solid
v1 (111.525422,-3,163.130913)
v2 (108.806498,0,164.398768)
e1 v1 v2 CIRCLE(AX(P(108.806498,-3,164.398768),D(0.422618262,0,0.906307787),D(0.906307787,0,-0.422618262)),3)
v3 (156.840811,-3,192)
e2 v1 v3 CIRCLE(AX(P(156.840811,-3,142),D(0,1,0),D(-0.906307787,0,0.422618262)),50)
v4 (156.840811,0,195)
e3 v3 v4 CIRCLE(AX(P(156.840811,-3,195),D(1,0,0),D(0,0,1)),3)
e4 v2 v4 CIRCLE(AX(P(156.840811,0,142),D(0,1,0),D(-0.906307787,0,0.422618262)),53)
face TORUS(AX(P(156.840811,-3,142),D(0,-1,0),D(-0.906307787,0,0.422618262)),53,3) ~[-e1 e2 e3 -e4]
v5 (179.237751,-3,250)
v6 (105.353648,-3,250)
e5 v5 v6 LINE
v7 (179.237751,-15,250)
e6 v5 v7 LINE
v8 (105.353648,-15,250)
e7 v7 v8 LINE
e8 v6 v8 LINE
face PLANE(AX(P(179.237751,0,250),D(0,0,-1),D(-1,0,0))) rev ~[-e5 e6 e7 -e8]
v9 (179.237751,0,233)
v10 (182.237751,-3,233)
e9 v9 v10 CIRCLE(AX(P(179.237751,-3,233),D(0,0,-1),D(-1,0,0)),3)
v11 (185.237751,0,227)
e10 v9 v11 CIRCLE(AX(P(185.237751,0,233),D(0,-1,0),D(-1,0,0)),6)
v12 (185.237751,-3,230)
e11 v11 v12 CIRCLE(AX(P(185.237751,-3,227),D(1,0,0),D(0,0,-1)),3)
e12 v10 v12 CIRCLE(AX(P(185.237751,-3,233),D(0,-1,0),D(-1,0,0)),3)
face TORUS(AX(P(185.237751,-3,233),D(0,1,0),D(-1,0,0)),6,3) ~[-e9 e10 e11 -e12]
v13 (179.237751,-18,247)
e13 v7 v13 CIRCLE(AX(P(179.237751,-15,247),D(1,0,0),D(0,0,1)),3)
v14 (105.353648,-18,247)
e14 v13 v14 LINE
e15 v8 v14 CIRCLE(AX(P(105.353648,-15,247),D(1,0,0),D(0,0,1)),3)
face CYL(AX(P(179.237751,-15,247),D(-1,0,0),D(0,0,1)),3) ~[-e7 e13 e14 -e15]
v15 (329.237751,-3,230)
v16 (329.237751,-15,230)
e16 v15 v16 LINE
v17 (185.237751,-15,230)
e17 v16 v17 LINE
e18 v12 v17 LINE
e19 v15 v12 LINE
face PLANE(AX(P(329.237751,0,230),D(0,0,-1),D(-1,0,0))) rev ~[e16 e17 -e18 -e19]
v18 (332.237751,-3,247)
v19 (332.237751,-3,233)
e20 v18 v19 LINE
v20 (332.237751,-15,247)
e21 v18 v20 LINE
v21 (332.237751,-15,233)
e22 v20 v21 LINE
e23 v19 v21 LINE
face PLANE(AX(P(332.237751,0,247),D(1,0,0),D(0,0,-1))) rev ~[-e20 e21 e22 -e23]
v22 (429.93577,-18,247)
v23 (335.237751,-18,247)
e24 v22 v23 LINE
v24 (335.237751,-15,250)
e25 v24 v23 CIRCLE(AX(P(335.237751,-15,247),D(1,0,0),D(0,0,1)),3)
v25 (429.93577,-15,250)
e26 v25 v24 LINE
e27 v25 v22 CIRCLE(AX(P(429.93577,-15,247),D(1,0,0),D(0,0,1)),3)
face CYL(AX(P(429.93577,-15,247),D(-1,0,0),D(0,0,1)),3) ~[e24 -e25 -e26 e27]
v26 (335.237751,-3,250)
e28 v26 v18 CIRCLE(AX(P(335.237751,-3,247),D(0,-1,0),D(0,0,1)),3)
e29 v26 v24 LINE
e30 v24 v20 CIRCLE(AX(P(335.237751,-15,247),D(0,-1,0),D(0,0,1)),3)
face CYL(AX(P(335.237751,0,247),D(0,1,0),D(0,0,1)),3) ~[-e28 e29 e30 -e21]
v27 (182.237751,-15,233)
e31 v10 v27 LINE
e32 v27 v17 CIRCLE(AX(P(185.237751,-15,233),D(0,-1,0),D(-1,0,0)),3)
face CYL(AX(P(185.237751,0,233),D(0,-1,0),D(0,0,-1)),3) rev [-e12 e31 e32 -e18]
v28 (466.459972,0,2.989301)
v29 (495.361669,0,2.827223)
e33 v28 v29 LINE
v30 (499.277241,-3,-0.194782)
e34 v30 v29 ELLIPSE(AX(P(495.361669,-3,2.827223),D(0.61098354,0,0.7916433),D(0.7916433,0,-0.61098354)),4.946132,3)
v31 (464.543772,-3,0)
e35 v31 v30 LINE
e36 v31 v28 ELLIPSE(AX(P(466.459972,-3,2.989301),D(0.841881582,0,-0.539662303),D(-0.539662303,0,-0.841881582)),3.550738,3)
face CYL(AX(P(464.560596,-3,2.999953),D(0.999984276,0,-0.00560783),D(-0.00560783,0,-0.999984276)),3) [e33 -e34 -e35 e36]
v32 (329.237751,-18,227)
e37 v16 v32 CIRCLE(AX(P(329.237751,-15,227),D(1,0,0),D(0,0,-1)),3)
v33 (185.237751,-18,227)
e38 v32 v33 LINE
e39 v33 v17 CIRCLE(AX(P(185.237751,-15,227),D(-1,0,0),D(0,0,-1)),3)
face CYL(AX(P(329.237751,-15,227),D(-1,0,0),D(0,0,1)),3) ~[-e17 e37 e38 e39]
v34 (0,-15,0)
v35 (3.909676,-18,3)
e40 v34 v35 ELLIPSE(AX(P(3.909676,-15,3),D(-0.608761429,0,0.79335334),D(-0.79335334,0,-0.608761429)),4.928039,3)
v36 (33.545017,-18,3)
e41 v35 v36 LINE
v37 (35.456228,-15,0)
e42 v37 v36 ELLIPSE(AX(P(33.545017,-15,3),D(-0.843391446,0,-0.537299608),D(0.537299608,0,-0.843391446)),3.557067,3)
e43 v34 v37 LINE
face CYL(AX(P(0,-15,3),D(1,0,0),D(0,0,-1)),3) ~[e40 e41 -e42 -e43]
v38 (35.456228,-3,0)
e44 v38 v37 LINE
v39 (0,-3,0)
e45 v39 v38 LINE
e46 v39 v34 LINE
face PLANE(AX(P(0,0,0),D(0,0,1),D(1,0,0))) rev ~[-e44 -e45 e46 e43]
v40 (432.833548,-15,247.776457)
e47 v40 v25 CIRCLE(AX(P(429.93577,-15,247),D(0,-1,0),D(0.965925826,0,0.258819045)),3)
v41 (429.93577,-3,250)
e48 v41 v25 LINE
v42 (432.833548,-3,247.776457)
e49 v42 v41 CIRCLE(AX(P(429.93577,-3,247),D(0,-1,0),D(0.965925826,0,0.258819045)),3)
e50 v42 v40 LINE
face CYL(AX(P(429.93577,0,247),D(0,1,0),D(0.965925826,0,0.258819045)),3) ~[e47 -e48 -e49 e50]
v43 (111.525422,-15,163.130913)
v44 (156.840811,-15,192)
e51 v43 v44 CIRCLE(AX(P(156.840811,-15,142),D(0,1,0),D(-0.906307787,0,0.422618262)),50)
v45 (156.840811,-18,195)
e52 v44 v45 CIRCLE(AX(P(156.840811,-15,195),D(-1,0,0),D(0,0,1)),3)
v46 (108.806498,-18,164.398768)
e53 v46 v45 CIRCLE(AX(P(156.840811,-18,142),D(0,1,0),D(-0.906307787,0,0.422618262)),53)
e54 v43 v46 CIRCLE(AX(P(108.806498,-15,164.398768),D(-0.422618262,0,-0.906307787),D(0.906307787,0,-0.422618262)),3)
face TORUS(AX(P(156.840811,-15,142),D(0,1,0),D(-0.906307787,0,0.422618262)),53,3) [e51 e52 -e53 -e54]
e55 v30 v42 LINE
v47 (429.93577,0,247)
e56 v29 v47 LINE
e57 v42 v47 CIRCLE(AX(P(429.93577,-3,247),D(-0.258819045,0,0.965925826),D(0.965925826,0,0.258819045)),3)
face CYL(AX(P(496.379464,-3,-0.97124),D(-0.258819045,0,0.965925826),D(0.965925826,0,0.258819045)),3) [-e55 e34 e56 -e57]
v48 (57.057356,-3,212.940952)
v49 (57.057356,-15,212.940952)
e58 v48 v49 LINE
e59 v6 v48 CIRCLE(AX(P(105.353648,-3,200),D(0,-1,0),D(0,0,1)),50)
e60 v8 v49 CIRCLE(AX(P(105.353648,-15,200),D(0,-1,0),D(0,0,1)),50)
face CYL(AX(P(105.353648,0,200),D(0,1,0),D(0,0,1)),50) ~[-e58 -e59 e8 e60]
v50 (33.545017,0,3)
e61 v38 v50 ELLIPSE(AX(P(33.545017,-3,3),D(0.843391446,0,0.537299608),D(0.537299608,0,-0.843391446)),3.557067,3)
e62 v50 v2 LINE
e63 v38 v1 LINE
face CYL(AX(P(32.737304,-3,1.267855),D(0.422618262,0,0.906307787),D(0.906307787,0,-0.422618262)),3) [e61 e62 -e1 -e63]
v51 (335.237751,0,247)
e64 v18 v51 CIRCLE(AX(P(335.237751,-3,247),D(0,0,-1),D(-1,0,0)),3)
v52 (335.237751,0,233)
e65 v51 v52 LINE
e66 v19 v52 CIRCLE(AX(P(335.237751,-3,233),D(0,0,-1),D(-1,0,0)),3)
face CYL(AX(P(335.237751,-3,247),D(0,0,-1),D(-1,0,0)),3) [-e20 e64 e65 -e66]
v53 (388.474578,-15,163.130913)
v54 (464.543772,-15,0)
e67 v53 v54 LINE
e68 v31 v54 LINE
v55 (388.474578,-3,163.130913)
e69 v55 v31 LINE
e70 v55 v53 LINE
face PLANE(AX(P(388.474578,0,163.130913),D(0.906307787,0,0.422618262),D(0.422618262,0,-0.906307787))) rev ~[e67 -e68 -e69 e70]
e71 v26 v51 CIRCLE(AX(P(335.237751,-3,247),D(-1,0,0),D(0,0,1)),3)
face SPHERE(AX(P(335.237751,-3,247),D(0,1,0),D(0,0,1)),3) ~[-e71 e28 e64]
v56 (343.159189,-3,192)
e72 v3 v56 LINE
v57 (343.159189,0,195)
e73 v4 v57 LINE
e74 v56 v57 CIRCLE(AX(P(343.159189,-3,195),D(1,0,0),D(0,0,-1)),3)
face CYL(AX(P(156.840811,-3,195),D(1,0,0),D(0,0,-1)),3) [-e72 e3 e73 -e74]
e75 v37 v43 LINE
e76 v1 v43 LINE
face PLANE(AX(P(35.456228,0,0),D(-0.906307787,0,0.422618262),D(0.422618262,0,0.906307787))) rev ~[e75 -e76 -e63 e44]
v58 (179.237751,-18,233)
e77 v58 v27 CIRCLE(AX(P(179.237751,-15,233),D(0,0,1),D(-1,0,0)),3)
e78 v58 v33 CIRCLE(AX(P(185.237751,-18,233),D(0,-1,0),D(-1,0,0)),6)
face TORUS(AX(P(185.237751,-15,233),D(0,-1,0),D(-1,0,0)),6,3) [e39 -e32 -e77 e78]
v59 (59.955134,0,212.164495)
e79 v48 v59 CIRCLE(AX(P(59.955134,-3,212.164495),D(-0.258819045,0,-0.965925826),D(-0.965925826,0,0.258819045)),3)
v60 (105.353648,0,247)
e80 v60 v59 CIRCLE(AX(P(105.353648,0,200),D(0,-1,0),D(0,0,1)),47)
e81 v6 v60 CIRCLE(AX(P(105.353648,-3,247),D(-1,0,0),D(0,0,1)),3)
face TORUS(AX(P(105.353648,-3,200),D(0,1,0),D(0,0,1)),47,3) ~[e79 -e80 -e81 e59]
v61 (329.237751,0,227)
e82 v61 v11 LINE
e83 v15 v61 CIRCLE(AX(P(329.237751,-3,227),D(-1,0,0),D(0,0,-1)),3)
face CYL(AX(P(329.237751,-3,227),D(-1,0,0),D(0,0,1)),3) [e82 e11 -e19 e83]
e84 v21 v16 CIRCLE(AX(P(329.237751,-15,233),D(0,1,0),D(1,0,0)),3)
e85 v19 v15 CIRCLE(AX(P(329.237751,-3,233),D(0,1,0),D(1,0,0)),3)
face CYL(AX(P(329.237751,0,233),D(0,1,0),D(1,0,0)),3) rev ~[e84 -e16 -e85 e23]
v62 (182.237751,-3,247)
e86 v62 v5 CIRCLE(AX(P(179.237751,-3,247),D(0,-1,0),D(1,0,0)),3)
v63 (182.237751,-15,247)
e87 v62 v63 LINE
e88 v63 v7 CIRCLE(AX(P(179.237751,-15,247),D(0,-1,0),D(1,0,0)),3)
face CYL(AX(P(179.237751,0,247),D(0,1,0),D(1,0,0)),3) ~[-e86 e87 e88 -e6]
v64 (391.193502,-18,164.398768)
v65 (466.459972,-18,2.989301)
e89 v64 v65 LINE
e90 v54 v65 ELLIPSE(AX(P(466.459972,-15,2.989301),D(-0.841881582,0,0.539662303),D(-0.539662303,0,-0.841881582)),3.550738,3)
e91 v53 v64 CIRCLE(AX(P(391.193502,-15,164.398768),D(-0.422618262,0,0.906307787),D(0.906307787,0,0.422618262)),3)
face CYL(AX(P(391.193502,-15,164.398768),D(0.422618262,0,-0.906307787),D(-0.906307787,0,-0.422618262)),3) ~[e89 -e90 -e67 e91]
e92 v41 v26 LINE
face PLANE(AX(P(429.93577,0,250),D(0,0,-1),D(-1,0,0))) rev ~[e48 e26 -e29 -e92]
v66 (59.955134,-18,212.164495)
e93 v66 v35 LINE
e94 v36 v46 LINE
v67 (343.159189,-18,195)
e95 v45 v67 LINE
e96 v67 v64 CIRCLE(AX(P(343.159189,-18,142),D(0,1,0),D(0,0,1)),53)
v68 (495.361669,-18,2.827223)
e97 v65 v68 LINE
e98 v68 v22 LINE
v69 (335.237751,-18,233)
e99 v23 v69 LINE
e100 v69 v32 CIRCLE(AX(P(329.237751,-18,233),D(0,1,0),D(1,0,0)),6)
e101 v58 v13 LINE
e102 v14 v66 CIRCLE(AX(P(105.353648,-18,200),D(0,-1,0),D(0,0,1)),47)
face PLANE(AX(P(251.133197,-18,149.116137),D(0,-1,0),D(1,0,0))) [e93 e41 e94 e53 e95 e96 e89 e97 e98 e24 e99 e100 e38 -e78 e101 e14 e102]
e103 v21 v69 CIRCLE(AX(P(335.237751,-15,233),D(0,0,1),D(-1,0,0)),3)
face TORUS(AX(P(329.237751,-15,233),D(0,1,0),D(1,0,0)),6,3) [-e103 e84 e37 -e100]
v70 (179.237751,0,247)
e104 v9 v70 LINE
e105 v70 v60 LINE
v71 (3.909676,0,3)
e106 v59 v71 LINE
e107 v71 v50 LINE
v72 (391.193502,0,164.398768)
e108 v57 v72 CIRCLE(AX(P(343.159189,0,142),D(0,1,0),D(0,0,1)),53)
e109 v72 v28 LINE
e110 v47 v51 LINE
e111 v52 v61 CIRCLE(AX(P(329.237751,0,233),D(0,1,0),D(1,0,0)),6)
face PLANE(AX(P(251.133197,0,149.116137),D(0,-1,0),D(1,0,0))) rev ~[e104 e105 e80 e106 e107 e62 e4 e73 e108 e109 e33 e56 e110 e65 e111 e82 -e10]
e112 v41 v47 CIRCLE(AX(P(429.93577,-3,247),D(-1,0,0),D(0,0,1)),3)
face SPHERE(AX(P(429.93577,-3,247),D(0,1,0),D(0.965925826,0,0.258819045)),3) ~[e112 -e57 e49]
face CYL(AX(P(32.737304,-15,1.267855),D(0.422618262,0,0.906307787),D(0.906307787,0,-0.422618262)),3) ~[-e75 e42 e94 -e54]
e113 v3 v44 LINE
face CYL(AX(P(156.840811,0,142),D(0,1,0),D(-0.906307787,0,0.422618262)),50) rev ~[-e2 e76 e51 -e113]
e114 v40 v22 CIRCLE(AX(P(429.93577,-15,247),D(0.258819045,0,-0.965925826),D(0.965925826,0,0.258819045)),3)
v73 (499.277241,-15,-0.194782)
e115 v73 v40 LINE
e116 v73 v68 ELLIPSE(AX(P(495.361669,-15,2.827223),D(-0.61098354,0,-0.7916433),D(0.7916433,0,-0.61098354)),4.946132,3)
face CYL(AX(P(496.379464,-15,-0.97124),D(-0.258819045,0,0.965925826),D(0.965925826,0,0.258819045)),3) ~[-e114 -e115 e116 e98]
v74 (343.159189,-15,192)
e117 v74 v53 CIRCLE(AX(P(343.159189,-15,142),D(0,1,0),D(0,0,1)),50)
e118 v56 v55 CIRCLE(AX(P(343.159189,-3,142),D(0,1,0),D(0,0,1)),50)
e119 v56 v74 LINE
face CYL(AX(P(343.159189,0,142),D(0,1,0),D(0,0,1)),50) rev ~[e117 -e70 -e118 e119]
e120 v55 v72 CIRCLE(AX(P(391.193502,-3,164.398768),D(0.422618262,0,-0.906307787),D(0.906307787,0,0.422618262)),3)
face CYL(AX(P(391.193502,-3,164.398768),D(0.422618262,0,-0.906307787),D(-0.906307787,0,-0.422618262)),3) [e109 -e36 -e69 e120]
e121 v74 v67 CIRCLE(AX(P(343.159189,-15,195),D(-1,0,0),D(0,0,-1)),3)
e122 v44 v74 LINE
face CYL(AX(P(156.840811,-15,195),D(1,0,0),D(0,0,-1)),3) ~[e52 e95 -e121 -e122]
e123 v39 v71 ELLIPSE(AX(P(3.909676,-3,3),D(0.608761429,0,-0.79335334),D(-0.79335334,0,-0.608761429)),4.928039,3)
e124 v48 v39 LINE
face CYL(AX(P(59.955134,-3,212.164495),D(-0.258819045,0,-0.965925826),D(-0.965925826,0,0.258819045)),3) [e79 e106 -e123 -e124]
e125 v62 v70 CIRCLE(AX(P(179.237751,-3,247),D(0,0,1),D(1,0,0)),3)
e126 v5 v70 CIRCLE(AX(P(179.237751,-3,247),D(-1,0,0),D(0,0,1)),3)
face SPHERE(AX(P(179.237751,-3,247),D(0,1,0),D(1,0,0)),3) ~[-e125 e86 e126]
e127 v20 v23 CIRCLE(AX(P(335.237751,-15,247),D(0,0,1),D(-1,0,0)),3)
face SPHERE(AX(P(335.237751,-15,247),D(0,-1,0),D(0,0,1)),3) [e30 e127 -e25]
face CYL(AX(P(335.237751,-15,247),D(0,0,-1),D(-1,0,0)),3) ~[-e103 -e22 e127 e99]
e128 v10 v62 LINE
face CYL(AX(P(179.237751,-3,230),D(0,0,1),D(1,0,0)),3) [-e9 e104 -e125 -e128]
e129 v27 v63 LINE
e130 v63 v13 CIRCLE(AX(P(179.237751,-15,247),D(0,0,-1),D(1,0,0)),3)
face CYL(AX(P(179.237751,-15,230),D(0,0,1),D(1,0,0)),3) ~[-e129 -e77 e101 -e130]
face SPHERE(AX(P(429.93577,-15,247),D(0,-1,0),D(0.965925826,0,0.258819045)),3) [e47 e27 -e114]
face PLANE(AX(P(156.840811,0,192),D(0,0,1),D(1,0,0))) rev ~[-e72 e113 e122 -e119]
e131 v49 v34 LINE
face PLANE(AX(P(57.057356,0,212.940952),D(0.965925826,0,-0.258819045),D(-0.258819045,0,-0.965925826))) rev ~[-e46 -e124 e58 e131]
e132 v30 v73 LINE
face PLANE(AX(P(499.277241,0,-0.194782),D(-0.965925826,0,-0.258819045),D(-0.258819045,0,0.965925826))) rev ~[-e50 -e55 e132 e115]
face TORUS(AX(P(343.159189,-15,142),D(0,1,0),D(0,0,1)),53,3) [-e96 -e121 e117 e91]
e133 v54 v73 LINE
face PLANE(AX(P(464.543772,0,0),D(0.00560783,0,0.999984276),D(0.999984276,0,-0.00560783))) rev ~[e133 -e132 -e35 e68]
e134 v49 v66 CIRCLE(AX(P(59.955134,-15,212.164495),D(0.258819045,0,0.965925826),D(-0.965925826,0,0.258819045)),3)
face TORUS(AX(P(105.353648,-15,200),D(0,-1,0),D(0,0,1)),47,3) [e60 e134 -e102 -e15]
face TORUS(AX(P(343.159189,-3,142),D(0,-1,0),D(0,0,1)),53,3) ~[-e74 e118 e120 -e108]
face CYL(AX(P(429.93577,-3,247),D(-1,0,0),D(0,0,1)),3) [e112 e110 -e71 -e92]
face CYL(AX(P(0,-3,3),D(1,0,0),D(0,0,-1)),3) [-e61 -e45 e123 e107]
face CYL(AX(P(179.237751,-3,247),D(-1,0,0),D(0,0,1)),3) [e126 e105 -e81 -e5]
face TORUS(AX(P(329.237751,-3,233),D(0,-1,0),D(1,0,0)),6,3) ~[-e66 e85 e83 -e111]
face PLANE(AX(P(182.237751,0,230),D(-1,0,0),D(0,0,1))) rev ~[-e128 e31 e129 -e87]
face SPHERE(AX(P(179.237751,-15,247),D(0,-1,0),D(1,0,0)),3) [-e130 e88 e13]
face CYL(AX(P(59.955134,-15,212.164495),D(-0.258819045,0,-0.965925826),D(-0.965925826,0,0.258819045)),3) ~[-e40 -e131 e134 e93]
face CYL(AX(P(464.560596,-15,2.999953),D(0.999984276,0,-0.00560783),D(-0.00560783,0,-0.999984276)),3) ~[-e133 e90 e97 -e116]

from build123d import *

# Parameters (mm, degrees)
F1_DEPTH = 18
F2_R     = 3


with BuildPart() as f1:
    # F0 (on Front) → F1 (new body)
    with BuildSketch(Plane.XZ):
        with BuildLine():
            Line((57.0573561923, 212.9409522551), (0, 0))
            Line((0, 0), (35.456227742, 0))
            Line((35.456227742, 0), (111.5254217963, 163.130913087))
            ThreePointArc((111.5254217963, 163.130913087), (129.9758307308, 184.1695722906), (156.8408111482, 192))
            Line((156.8408111482, 192), (250, 192))
            Line((250, 192), (343.1591888518, 192))
            ThreePointArc((343.1591888518, 192), (370.0241692692, 184.1695722906), (388.4745782037, 163.130913087))
            Line((388.4745782037, 163.130913087), (464.543772258, 0))
            Line((464.543772258, 0), (499.2772410304, -0.1947824512))
            Line((499.2772410304, -0.1947824512), (432.8335476371, 247.7764571353))
            ThreePointArc((432.8335476371, 247.7764571353), (431.7620544452, 249.3800600209), (429.9357701582, 250))
            Line((429.9357701582, 250), (335.2377511221, 250))
            ThreePointArc((335.2377511221, 250), (333.1164307786, 249.1213203436), (332.2377511221, 247))
            Line((332.2377511221, 247), (332.2377511221, 233))
            ThreePointArc((332.2377511221, 233), (331.3590714657, 230.8786796564), (329.2377511221, 230))
            Line((329.2377511221, 230), (188.7601000309, 230))
            Line((188.7601000309, 230), (182.2377511221, 230))
            Line((182.2377511221, 230), (182.2377511221, 232.7267350544))
            Line((182.2377511221, 232.7267350544), (182.2377511221, 242.7267350544))
            Line((182.2377511221, 242.7267350544), (182.2377511221, 247))
            ThreePointArc((182.2377511221, 247), (181.3590714657, 249.1213203436), (179.2377511221, 250))
            Line((179.2377511221, 250), (178.7601000309, 250))
            Line((178.7601000309, 250), (105.3536475067, 250))
            ThreePointArc((105.3536475067, 250), (74.9155760563, 239.6676670146), (57.0573561923, 212.9409522551))
        make_face()
    extrude(amount=F1_DEPTH)

    # F2
    f2_edges = [f1.edges().sort_by_distance(p)[0] for p in [
        (28.528678, -18, 106.470476),
        (17.728114, -18, 0),
        (73.490825, -18, 81.565457),
        (129.975831, -18, 184.169572),
        (250, -18, 192),
        (370.024169, -18, 184.169572),
        (426.509175, -18, 81.565457),
        (481.910507, -18, -0.097391),
        (466.055394, -18, 123.790837),
        (431.762054, -18, 249.38006),
        (382.586761, -18, 250),
        (333.116431, -18, 249.12132),
        (332.237751, -18, 240),
        (331.359071, -18, 230.87868),
        (255.737751, -18, 230),
        (182.237751, -18, 238.5),
        (181.359071, -18, 249.12132),
        (142.295699, -18, 250),
        (74.915576, -18, 239.667667),
        (28.528678, 0, 106.470476),
        (17.728114, 0, 0),
        (73.490825, 0, 81.565457),
        (129.975831, 0, 184.169572),
        (250, 0, 192),
        (370.024169, 0, 184.169572),
        (426.509175, 0, 81.565457),
        (481.910507, 0, -0.097391),
        (466.055394, 0, 123.790837),
        (431.762054, 0, 249.38006),
        (382.586761, 0, 250),
        (333.116431, 0, 249.12132),
        (332.237751, 0, 240),
        (331.359071, 0, 230.87868),
        (255.737751, 0, 230),
        (182.237751, 0, 238.5),
        (181.359071, 0, 249.12132),
        (142.295699, 0, 250),
        (74.915576, 0, 239.667667),
        (182.237751, -9, 230),
    ]]
    fillet(f2_edges, radius=F2_R)


solid = f1.part
